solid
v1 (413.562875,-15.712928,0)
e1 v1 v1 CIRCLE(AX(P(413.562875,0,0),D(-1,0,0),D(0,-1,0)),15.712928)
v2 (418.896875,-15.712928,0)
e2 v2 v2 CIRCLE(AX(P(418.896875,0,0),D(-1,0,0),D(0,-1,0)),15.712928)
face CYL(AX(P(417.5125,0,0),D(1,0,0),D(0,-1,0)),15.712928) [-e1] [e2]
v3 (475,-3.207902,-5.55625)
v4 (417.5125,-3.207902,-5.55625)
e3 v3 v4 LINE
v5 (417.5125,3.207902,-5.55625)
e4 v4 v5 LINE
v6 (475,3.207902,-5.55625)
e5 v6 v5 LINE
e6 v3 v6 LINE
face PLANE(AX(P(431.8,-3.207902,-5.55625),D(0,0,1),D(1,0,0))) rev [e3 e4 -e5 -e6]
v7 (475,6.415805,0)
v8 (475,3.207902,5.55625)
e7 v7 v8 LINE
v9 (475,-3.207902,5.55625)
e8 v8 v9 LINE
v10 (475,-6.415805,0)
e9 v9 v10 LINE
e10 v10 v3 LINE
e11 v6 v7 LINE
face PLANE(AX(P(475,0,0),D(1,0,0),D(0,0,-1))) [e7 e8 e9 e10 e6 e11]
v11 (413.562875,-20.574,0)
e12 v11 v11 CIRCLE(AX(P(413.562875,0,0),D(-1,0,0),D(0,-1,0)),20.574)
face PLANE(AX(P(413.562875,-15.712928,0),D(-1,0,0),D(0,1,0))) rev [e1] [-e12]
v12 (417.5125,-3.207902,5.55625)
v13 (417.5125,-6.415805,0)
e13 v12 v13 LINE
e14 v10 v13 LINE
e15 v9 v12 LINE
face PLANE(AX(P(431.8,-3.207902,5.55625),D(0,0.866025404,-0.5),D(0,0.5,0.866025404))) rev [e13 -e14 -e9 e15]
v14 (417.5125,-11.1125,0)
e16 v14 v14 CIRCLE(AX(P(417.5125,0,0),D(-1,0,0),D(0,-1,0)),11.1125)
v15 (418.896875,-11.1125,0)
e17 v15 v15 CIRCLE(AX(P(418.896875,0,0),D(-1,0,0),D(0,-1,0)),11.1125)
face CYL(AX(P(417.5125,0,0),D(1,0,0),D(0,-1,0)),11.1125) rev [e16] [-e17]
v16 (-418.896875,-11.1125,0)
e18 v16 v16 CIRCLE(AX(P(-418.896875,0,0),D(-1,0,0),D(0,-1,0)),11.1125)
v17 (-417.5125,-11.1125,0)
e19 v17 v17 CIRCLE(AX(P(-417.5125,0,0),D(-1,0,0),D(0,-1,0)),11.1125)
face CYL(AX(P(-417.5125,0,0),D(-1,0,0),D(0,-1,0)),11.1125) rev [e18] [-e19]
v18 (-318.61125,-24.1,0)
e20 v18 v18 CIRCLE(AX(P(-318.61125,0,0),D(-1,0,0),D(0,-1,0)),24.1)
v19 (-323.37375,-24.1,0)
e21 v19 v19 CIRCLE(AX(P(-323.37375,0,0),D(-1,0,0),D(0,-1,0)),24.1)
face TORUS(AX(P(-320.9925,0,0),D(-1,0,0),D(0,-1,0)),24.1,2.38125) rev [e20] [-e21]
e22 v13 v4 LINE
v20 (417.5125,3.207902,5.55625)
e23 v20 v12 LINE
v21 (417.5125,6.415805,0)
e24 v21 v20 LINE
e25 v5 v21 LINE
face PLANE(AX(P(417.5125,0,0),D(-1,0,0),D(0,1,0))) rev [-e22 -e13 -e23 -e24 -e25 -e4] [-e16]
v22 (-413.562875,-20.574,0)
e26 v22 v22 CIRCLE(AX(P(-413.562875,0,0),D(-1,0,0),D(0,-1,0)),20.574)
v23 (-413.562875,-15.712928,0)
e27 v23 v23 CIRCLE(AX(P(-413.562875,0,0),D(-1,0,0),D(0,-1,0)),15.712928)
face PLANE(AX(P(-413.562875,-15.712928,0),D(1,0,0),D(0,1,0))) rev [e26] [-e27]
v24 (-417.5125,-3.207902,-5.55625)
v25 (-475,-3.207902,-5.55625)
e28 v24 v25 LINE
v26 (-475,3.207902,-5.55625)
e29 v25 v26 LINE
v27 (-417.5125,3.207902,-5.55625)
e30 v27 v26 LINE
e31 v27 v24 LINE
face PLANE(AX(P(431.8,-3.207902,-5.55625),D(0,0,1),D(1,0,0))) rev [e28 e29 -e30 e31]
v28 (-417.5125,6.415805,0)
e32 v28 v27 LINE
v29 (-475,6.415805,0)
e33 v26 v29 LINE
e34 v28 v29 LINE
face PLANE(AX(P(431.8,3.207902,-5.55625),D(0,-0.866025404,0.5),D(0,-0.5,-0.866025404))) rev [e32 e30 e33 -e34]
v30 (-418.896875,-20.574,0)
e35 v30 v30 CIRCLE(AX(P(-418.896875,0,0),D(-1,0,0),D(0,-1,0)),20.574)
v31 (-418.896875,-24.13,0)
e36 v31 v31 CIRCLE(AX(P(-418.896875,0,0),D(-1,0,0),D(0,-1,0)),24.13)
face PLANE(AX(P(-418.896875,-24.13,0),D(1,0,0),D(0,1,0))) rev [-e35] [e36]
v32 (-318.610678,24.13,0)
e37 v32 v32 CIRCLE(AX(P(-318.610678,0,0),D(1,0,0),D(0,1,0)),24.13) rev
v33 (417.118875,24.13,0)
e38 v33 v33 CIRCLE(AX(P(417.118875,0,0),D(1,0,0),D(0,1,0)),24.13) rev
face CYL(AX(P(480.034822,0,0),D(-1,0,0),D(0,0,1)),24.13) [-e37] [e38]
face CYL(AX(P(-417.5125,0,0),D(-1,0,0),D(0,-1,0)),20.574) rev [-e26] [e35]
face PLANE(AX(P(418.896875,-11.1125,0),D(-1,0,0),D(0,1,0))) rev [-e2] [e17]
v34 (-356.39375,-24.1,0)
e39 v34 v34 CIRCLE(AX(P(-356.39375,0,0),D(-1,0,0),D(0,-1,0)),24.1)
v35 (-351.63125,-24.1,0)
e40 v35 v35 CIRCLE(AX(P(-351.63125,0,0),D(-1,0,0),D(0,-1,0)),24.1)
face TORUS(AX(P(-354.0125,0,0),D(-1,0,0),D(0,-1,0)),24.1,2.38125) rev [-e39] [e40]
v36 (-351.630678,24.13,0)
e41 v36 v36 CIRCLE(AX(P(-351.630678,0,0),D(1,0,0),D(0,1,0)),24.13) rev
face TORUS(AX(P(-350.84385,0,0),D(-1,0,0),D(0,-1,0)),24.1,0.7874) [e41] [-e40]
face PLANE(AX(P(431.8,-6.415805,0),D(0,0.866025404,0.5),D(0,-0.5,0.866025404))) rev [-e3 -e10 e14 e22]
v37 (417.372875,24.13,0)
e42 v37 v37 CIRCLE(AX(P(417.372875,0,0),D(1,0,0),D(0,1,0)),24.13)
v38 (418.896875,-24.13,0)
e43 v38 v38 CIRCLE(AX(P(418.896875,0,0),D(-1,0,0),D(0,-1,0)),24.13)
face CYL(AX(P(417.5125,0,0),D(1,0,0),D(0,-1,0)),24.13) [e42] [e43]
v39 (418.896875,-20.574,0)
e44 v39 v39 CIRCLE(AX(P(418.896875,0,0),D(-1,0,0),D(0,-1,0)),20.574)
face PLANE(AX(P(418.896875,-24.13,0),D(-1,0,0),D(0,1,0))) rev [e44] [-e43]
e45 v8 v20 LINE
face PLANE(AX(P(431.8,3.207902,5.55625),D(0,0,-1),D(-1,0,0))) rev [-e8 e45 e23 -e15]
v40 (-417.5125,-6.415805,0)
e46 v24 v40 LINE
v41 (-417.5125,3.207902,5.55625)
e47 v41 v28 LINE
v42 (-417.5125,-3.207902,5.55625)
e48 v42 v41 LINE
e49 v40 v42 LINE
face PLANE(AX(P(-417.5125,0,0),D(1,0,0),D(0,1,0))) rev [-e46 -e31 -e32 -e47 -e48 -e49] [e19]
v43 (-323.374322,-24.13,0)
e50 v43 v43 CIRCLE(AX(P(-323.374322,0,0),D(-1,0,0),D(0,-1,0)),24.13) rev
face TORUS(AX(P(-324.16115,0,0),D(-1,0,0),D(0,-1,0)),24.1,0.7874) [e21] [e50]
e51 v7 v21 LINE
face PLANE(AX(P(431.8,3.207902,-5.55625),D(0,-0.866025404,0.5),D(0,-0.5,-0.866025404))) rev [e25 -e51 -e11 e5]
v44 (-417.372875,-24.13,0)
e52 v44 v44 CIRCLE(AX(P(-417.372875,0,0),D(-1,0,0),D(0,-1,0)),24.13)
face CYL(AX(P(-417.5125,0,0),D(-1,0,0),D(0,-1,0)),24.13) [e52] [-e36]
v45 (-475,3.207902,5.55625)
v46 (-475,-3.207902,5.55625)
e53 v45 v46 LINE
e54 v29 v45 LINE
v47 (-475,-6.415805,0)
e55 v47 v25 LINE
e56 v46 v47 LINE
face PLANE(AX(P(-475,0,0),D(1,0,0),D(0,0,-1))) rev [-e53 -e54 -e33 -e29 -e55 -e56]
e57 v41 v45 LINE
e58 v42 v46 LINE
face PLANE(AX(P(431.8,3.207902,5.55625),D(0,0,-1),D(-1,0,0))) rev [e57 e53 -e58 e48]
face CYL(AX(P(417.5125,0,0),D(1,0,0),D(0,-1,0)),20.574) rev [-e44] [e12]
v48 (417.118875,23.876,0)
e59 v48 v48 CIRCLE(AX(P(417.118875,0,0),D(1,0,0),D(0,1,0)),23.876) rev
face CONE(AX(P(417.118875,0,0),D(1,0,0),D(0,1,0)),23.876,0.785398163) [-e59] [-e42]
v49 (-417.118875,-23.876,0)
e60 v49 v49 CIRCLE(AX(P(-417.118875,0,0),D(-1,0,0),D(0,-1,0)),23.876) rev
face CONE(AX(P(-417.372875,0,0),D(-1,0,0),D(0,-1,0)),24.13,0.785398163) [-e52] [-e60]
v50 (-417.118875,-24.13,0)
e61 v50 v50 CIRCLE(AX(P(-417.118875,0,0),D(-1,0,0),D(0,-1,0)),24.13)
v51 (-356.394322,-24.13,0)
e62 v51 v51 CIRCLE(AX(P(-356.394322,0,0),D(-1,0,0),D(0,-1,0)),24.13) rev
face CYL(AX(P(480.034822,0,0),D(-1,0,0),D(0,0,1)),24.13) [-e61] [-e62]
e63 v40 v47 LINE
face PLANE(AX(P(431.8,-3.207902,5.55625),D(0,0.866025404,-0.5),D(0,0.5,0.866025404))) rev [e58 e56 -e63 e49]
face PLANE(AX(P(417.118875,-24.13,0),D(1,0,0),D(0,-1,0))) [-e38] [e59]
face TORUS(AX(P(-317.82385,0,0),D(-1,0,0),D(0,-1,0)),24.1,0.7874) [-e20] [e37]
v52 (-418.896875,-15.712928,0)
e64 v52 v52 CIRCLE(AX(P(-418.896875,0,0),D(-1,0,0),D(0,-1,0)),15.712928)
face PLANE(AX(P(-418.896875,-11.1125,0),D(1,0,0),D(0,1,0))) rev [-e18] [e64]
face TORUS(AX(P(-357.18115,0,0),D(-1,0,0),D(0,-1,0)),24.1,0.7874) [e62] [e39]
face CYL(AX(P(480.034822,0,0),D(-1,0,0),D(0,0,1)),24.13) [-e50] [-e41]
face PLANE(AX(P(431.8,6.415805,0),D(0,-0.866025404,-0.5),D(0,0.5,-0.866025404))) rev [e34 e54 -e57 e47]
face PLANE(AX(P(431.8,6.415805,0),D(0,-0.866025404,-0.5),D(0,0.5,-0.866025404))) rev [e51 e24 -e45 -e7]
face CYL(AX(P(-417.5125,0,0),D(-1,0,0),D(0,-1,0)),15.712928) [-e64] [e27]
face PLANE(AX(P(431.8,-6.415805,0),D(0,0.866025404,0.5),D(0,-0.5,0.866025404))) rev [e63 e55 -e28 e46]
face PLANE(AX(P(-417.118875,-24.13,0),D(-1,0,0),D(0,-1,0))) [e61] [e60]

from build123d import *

# Parameters (mm, degrees)
BOSS_EXTRUDE1_START             = -411.784875
SKETCH3_R                       = 24.13
BOSS_EXTRUDE1_DEPTH             = 823.56975
CHAMFER1_SIZE                   = 0.254
BOSS_EXTRUDE3_REACH             = 833.382
SKETCH6_R                       = 24.13
SKETCH6_R_2                     = 22.352
BOSS_EXTRUDE3_DIRECTION_2_REACH = 833.382
BOSS_EXTRUDE2_DEPTH             = 431.8
BOSS_EXTRUDE2_DEPTH_BACK        = 431.8
LPATTERN1_COUNT                 = 2
LPATTERN1_PITCH                 = 33.02
BOSS_EXTRUDE4_DEPTH             = 475
BOSS_EXTRUDE5_DEPTH             = 475


with BuildPart() as part:
    # Sketch2 → Revolve1 (revolve)
    with BuildSketch(Plane.XY, mode=Mode.PRIVATE) as revolve1_sk:
        Polygon((-417.5125, 0), (-417.5125, 11.1125), (-418.896875, 11.1125), (-418.896875, 15.712927565), (-413.562875, 15.712927565), (-413.562875, 20.574), (-418.896875, 20.574), (-418.896875, 24.13), (-417.118875, 24.13), (-417.118875, 22.352), (-411.784875, 22.352), (-411.784875, 0), align=None)
    revolve(revolve1_sk.sketch.rotate(Axis((-417.5125, 0, 0), (1, 0, 0)), 180), axis=Axis((-417.5125, 0, 0), (1, 0, 0)))


with BuildPart() as body_2:
    # Mirror2: mirrored copy
    add(part.part.mirror(Plane(origin=(0, 0, 0), x_dir=(0, 0, 1), z_dir=(1, 0, 0))))


with BuildPart() as part_1:
    add(part.part)

    add(body_2.part)  # Boss-Extrude1 merges body 2
    # Sketch3 → Boss-Extrude1 (add)
    with BuildSketch(Plane(origin=(0, 0, 0), x_dir=(0, 0, -1), z_dir=(1, 0, 0)).offset(BOSS_EXTRUDE1_START)):
        with Locations(Location((0, 0, 0), (0, 0, 270))):
            Circle(SKETCH3_R)
    extrude(amount=BOSS_EXTRUDE1_DEPTH)

    # Chamfer1
    chamfer1_edges = [part_1.edges().sort_by_distance(p)[0] for p in [
        (417.118875, 24.13, 0),
        (-417.118875, 24.13, 0),
    ]]
    chamfer(chamfer1_edges, length=CHAMFER1_SIZE)

    # Boss-Extrude3: up to this face of the body (flat: up to its plane)
    boss_extrude3_end = Plane(part_1.part.faces().sort_by_distance((-417.118875, 23.20068474, 0))[0])
    # Sketch6 → Boss-Extrude3 (add, up to the picked face)
    with BuildSketch(Plane.ZY.offset(411.784875), mode=Mode.PRIVATE) as boss_extrude3_sk1:
        with Locations(Location((0, 0, 0), (0, 0, 270))):
            Circle(SKETCH6_R)
        Circle(SKETCH6_R_2, mode=Mode.SUBTRACT)
    boss_extrude3_tool1 = split(extrude(boss_extrude3_sk1.sketch, amount=BOSS_EXTRUDE3_REACH, mode=Mode.PRIVATE), bisect_by=boss_extrude3_end, keep=Keep.BOTH, mode=Mode.PRIVATE)
    add(boss_extrude3_tool1.solids().sort_by(Axis((-411.784875, 23.447501, 0), (-1, 0, 0)))[0])

    # Boss-Extrude3 direction 2: up to this face of the body (flat: up to its plane)
    boss_extrude3_direction_2_end = Plane(part_1.part.faces().sort_by_distance((417.118875, 23.20068474, 0))[0])
    # Sketch6 → Boss-Extrude3 direction 2 (add, up to the picked face)
    with BuildSketch(Plane.ZY.offset(411.784875), mode=Mode.PRIVATE) as boss_extrude3_direction_2_sk1:
        with Locations(Location((0, 0, 0), (0, 0, 270))):
            Circle(SKETCH6_R)
        Circle(SKETCH6_R_2, mode=Mode.SUBTRACT)
    boss_extrude3_direction_2_tool1 = split(extrude(boss_extrude3_direction_2_sk1.sketch, amount=-BOSS_EXTRUDE3_DIRECTION_2_REACH, mode=Mode.PRIVATE), bisect_by=boss_extrude3_direction_2_end, keep=Keep.BOTH, mode=Mode.PRIVATE)
    add(boss_extrude3_direction_2_tool1.solids().sort_by(Axis((-411.784875, 23.447501, 0), (1, 0, 0)))[0])

    # Sketch4 → Boss-Extrude2 (add, two sides: drawn at the far end of the back side and taken through both)
    with BuildSketch(Plane(origin=(0, 0, 0), x_dir=(0, 0, -1), z_dir=(1, 0, 0)).offset(-BOSS_EXTRUDE2_DEPTH_BACK)):
        Polygon((0, 6.415804866), (-5.55625, 3.207902433), (-5.55625, -3.207902433), (0, -6.415804866), (5.55625, -3.207902433), (5.55625, 3.207902433), align=None)
    extrude(amount=BOSS_EXTRUDE2_DEPTH + BOSS_EXTRUDE2_DEPTH_BACK)

    # Sketch5 → Cut-Revolve1 (revolve, cut)
    with BuildSketch(Plane.XY, mode=Mode.PRIVATE) as cut_revolve1_sk:
        with BuildLine():
            Line((-357.18115, 24.8874), (-357.18115, 25.5224))
            Line((-357.18115, 25.5224), (-350.84385, 25.5224))
            Line((-350.84385, 25.5224), (-350.84385, 24.8874))
            ThreePointArc((-350.84385, 24.8874), (-351.40062588, 24.65677588), (-351.63125, 24.1))
            ThreePointArc((-351.63125, 24.1), (-354.0125, 21.71875), (-356.39375, 24.1))
            ThreePointArc((-356.39375, 24.1), (-356.62437412, 24.65677588), (-357.18115, 24.8874))
        make_face()
    cut_revolve1 = revolve(cut_revolve1_sk.sketch.rotate(Axis((-431.8, 0, 0), (1, 0, 0)), 180), axis=Axis((-431.8, 0, 0), (1, 0, 0)), mode=Mode.SUBTRACT)

    # LPattern1: Cut-Revolve1 ×2
    with Locations(*[(i * LPATTERN1_PITCH, 0, 0) for i in range(1, LPATTERN1_COUNT)]):
        add(cut_revolve1, mode=Mode.SUBTRACT)

    # Sketch4<3> → Boss-Extrude4 (add)
    with BuildSketch(Plane(origin=(0, 0, 0), x_dir=(0, 0, -1), z_dir=(1, 0, 0))):
        Polygon((0, 6.415804866), (-5.55625, 3.207902433), (-5.55625, -3.207902433), (0, -6.415804866), (5.55625, -3.207902433), (5.55625, 3.207902433), align=None)
    extrude(amount=BOSS_EXTRUDE4_DEPTH)

    # Sketch4<4> → Boss-Extrude5 (add)
    with BuildSketch(Plane(origin=(0, 0, 0), x_dir=(0, 0, -1), z_dir=(1, 0, 0))):
        Polygon((0, 6.415804866), (-5.55625, 3.207902433), (-5.55625, -3.207902433), (0, -6.415804866), (5.55625, -3.207902433), (5.55625, 3.207902433), align=None)
    extrude(amount=-BOSS_EXTRUDE5_DEPTH)


solid = part_1.part
